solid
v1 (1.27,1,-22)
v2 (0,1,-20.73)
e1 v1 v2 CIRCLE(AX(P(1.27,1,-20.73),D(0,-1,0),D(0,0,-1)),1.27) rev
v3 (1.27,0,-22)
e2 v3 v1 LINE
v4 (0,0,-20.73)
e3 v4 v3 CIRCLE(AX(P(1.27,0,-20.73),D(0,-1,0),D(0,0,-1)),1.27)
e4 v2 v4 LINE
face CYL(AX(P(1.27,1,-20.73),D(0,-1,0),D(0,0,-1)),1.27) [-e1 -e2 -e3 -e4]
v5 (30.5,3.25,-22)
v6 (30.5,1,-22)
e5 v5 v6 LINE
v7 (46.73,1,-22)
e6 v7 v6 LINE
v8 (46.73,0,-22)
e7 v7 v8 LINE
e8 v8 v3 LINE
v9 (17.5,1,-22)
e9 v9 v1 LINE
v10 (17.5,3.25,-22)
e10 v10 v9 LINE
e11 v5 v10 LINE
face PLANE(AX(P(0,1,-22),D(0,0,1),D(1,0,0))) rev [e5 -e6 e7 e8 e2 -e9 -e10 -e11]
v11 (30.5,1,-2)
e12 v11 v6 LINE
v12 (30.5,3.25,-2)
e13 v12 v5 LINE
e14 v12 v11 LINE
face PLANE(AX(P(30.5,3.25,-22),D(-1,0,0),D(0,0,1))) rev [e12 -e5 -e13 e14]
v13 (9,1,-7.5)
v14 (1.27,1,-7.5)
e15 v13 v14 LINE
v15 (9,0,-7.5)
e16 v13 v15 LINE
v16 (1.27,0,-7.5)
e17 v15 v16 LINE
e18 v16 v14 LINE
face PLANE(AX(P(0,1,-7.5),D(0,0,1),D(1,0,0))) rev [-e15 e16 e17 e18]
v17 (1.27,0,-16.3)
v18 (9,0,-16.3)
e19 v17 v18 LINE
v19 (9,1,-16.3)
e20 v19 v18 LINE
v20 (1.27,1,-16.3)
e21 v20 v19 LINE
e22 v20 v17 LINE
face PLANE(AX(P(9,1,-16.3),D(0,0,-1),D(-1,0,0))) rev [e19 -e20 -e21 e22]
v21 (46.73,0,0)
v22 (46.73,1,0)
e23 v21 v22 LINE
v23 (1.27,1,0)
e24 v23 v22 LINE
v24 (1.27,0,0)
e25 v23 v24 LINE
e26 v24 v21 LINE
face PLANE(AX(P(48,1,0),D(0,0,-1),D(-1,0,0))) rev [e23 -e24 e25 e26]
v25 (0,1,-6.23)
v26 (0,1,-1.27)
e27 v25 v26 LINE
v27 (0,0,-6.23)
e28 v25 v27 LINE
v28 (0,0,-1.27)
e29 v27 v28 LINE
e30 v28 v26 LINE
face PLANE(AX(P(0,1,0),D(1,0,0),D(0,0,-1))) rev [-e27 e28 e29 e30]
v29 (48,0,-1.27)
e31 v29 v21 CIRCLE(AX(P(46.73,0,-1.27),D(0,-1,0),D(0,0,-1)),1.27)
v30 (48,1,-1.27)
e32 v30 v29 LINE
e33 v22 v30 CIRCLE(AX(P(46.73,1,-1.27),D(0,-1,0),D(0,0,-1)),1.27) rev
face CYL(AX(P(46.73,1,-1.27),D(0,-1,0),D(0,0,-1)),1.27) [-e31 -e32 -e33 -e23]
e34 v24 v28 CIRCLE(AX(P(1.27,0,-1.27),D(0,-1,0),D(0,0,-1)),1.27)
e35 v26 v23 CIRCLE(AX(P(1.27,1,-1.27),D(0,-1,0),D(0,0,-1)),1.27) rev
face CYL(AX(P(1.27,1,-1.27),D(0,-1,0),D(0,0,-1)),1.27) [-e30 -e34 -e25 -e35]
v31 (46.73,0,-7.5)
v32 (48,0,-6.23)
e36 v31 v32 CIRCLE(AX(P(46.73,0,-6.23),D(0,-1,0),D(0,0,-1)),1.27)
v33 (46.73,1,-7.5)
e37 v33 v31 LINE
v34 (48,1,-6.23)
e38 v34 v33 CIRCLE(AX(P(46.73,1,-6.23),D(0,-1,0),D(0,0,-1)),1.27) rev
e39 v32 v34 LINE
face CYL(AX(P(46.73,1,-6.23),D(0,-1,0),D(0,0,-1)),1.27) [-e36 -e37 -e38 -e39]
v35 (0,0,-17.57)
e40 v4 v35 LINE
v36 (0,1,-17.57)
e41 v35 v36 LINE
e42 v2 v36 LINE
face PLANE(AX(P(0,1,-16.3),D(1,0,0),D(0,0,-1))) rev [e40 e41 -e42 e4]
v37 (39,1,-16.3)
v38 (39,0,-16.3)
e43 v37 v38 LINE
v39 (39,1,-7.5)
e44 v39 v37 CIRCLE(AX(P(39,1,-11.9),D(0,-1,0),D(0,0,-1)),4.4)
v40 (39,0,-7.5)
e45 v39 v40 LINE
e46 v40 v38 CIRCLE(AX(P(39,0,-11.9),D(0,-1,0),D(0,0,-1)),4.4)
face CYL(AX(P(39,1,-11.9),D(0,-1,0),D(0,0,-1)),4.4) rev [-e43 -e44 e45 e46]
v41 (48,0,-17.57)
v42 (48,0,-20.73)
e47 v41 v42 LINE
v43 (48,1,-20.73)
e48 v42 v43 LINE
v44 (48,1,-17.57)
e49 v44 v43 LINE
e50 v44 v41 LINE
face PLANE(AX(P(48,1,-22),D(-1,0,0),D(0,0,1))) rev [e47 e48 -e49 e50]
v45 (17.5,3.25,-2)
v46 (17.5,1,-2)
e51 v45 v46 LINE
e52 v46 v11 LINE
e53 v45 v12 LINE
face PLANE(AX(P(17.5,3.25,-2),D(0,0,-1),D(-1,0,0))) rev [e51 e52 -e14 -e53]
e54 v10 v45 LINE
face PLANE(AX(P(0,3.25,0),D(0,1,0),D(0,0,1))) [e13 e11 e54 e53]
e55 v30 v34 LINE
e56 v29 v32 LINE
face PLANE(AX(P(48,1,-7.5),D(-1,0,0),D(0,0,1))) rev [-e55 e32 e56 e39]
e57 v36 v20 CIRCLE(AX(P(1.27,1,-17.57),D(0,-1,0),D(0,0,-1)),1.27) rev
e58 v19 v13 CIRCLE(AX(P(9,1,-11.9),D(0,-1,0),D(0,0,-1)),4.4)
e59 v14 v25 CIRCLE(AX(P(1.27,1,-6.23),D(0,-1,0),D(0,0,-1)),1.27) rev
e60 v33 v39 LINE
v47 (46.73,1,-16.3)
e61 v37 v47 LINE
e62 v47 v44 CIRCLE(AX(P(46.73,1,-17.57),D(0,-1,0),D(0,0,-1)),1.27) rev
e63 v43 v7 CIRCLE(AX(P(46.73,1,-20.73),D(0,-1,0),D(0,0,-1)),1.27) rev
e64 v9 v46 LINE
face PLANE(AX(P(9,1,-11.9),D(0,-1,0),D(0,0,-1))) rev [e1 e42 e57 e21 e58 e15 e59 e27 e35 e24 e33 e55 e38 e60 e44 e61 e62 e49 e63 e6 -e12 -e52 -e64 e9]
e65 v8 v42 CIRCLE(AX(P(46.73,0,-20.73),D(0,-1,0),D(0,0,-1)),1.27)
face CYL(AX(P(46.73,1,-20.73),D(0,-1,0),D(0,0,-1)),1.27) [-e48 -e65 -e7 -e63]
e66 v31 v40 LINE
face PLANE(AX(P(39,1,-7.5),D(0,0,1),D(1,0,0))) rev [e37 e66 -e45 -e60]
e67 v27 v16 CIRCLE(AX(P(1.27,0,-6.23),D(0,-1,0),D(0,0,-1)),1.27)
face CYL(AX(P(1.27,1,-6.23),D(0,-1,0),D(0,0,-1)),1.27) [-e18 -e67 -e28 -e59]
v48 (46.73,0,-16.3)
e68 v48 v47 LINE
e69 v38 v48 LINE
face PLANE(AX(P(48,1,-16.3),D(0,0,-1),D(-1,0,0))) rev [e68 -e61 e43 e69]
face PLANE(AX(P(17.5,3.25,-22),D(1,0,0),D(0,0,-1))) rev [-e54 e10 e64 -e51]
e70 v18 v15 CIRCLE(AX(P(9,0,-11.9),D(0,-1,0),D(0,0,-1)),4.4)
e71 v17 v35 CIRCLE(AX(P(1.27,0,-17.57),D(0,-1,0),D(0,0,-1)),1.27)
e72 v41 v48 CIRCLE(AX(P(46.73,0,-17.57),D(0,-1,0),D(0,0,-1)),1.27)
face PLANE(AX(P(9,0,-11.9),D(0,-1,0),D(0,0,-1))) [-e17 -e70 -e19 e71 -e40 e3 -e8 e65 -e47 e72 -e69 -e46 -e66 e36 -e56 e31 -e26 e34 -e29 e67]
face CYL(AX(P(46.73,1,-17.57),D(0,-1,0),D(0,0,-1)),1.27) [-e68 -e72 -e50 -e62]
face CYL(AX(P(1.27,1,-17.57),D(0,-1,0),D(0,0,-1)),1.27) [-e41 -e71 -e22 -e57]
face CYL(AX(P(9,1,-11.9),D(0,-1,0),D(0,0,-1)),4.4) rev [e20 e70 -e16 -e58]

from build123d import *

# Parameters (mm, degrees)
BOSS_EXTRUDE1_DEPTH = 1
FILLET1_R           = 1.27
SKETCH2_W           = 13
SKETCH2_H           = 20
BOSS_EXTRUDE2_DEPTH = 2.25


with BuildPart() as part:
    # Sketch1 → Boss-Extrude1 (new body)
    with BuildSketch(Plane(origin=(0, 0, 0), x_dir=(1, 0, 0), z_dir=(0, 1, 0))):
        with BuildLine():
            Line((0, 0), (0, 7.5))
            Line((0, 7.5), (9, 7.5))
            ThreePointArc((9, 7.5), (13.4, 11.9), (9, 16.3))
            Line((9, 16.3), (0, 16.3))
            Line((0, 16.3), (0, 22))
            Line((0, 22), (48, 22))
            Line((48, 22), (48, 16.3))
            Line((48, 16.3), (39, 16.3))
            ThreePointArc((39, 16.3), (34.6, 11.9), (39, 7.5))
            Line((39, 7.5), (48, 7.5))
            Line((48, 7.5), (48, 0))
            Line((48, 0), (0, 0))
        make_face()
    extrude(amount=BOSS_EXTRUDE1_DEPTH)

    # Fillet1
    fillet1_edges = [part.edges().sort_by_distance(p)[0] for p in [
        (0, 0.5, 0),
        (0, 0.5, -7.5),
        (0, 0.5, -16.3),
        (0, 0.5, -22),
        (48, 0.5, -22),
        (48, 0.5, -16.3),
        (48, 0.5, -7.5),
        (48, 0.5, 0),
    ]]
    fillet(fillet1_edges, radius=FILLET1_R)

    # Sketch2 → Boss-Extrude2 (add)
    with BuildSketch(Plane(origin=(0, 1, 0), x_dir=(1, 0, 0), z_dir=(0, 1, 0))):
        with Locations((24, 12)):
            Rectangle(SKETCH2_W, SKETCH2_H)
    extrude(amount=BOSS_EXTRUDE2_DEPTH)


solid = part.part
